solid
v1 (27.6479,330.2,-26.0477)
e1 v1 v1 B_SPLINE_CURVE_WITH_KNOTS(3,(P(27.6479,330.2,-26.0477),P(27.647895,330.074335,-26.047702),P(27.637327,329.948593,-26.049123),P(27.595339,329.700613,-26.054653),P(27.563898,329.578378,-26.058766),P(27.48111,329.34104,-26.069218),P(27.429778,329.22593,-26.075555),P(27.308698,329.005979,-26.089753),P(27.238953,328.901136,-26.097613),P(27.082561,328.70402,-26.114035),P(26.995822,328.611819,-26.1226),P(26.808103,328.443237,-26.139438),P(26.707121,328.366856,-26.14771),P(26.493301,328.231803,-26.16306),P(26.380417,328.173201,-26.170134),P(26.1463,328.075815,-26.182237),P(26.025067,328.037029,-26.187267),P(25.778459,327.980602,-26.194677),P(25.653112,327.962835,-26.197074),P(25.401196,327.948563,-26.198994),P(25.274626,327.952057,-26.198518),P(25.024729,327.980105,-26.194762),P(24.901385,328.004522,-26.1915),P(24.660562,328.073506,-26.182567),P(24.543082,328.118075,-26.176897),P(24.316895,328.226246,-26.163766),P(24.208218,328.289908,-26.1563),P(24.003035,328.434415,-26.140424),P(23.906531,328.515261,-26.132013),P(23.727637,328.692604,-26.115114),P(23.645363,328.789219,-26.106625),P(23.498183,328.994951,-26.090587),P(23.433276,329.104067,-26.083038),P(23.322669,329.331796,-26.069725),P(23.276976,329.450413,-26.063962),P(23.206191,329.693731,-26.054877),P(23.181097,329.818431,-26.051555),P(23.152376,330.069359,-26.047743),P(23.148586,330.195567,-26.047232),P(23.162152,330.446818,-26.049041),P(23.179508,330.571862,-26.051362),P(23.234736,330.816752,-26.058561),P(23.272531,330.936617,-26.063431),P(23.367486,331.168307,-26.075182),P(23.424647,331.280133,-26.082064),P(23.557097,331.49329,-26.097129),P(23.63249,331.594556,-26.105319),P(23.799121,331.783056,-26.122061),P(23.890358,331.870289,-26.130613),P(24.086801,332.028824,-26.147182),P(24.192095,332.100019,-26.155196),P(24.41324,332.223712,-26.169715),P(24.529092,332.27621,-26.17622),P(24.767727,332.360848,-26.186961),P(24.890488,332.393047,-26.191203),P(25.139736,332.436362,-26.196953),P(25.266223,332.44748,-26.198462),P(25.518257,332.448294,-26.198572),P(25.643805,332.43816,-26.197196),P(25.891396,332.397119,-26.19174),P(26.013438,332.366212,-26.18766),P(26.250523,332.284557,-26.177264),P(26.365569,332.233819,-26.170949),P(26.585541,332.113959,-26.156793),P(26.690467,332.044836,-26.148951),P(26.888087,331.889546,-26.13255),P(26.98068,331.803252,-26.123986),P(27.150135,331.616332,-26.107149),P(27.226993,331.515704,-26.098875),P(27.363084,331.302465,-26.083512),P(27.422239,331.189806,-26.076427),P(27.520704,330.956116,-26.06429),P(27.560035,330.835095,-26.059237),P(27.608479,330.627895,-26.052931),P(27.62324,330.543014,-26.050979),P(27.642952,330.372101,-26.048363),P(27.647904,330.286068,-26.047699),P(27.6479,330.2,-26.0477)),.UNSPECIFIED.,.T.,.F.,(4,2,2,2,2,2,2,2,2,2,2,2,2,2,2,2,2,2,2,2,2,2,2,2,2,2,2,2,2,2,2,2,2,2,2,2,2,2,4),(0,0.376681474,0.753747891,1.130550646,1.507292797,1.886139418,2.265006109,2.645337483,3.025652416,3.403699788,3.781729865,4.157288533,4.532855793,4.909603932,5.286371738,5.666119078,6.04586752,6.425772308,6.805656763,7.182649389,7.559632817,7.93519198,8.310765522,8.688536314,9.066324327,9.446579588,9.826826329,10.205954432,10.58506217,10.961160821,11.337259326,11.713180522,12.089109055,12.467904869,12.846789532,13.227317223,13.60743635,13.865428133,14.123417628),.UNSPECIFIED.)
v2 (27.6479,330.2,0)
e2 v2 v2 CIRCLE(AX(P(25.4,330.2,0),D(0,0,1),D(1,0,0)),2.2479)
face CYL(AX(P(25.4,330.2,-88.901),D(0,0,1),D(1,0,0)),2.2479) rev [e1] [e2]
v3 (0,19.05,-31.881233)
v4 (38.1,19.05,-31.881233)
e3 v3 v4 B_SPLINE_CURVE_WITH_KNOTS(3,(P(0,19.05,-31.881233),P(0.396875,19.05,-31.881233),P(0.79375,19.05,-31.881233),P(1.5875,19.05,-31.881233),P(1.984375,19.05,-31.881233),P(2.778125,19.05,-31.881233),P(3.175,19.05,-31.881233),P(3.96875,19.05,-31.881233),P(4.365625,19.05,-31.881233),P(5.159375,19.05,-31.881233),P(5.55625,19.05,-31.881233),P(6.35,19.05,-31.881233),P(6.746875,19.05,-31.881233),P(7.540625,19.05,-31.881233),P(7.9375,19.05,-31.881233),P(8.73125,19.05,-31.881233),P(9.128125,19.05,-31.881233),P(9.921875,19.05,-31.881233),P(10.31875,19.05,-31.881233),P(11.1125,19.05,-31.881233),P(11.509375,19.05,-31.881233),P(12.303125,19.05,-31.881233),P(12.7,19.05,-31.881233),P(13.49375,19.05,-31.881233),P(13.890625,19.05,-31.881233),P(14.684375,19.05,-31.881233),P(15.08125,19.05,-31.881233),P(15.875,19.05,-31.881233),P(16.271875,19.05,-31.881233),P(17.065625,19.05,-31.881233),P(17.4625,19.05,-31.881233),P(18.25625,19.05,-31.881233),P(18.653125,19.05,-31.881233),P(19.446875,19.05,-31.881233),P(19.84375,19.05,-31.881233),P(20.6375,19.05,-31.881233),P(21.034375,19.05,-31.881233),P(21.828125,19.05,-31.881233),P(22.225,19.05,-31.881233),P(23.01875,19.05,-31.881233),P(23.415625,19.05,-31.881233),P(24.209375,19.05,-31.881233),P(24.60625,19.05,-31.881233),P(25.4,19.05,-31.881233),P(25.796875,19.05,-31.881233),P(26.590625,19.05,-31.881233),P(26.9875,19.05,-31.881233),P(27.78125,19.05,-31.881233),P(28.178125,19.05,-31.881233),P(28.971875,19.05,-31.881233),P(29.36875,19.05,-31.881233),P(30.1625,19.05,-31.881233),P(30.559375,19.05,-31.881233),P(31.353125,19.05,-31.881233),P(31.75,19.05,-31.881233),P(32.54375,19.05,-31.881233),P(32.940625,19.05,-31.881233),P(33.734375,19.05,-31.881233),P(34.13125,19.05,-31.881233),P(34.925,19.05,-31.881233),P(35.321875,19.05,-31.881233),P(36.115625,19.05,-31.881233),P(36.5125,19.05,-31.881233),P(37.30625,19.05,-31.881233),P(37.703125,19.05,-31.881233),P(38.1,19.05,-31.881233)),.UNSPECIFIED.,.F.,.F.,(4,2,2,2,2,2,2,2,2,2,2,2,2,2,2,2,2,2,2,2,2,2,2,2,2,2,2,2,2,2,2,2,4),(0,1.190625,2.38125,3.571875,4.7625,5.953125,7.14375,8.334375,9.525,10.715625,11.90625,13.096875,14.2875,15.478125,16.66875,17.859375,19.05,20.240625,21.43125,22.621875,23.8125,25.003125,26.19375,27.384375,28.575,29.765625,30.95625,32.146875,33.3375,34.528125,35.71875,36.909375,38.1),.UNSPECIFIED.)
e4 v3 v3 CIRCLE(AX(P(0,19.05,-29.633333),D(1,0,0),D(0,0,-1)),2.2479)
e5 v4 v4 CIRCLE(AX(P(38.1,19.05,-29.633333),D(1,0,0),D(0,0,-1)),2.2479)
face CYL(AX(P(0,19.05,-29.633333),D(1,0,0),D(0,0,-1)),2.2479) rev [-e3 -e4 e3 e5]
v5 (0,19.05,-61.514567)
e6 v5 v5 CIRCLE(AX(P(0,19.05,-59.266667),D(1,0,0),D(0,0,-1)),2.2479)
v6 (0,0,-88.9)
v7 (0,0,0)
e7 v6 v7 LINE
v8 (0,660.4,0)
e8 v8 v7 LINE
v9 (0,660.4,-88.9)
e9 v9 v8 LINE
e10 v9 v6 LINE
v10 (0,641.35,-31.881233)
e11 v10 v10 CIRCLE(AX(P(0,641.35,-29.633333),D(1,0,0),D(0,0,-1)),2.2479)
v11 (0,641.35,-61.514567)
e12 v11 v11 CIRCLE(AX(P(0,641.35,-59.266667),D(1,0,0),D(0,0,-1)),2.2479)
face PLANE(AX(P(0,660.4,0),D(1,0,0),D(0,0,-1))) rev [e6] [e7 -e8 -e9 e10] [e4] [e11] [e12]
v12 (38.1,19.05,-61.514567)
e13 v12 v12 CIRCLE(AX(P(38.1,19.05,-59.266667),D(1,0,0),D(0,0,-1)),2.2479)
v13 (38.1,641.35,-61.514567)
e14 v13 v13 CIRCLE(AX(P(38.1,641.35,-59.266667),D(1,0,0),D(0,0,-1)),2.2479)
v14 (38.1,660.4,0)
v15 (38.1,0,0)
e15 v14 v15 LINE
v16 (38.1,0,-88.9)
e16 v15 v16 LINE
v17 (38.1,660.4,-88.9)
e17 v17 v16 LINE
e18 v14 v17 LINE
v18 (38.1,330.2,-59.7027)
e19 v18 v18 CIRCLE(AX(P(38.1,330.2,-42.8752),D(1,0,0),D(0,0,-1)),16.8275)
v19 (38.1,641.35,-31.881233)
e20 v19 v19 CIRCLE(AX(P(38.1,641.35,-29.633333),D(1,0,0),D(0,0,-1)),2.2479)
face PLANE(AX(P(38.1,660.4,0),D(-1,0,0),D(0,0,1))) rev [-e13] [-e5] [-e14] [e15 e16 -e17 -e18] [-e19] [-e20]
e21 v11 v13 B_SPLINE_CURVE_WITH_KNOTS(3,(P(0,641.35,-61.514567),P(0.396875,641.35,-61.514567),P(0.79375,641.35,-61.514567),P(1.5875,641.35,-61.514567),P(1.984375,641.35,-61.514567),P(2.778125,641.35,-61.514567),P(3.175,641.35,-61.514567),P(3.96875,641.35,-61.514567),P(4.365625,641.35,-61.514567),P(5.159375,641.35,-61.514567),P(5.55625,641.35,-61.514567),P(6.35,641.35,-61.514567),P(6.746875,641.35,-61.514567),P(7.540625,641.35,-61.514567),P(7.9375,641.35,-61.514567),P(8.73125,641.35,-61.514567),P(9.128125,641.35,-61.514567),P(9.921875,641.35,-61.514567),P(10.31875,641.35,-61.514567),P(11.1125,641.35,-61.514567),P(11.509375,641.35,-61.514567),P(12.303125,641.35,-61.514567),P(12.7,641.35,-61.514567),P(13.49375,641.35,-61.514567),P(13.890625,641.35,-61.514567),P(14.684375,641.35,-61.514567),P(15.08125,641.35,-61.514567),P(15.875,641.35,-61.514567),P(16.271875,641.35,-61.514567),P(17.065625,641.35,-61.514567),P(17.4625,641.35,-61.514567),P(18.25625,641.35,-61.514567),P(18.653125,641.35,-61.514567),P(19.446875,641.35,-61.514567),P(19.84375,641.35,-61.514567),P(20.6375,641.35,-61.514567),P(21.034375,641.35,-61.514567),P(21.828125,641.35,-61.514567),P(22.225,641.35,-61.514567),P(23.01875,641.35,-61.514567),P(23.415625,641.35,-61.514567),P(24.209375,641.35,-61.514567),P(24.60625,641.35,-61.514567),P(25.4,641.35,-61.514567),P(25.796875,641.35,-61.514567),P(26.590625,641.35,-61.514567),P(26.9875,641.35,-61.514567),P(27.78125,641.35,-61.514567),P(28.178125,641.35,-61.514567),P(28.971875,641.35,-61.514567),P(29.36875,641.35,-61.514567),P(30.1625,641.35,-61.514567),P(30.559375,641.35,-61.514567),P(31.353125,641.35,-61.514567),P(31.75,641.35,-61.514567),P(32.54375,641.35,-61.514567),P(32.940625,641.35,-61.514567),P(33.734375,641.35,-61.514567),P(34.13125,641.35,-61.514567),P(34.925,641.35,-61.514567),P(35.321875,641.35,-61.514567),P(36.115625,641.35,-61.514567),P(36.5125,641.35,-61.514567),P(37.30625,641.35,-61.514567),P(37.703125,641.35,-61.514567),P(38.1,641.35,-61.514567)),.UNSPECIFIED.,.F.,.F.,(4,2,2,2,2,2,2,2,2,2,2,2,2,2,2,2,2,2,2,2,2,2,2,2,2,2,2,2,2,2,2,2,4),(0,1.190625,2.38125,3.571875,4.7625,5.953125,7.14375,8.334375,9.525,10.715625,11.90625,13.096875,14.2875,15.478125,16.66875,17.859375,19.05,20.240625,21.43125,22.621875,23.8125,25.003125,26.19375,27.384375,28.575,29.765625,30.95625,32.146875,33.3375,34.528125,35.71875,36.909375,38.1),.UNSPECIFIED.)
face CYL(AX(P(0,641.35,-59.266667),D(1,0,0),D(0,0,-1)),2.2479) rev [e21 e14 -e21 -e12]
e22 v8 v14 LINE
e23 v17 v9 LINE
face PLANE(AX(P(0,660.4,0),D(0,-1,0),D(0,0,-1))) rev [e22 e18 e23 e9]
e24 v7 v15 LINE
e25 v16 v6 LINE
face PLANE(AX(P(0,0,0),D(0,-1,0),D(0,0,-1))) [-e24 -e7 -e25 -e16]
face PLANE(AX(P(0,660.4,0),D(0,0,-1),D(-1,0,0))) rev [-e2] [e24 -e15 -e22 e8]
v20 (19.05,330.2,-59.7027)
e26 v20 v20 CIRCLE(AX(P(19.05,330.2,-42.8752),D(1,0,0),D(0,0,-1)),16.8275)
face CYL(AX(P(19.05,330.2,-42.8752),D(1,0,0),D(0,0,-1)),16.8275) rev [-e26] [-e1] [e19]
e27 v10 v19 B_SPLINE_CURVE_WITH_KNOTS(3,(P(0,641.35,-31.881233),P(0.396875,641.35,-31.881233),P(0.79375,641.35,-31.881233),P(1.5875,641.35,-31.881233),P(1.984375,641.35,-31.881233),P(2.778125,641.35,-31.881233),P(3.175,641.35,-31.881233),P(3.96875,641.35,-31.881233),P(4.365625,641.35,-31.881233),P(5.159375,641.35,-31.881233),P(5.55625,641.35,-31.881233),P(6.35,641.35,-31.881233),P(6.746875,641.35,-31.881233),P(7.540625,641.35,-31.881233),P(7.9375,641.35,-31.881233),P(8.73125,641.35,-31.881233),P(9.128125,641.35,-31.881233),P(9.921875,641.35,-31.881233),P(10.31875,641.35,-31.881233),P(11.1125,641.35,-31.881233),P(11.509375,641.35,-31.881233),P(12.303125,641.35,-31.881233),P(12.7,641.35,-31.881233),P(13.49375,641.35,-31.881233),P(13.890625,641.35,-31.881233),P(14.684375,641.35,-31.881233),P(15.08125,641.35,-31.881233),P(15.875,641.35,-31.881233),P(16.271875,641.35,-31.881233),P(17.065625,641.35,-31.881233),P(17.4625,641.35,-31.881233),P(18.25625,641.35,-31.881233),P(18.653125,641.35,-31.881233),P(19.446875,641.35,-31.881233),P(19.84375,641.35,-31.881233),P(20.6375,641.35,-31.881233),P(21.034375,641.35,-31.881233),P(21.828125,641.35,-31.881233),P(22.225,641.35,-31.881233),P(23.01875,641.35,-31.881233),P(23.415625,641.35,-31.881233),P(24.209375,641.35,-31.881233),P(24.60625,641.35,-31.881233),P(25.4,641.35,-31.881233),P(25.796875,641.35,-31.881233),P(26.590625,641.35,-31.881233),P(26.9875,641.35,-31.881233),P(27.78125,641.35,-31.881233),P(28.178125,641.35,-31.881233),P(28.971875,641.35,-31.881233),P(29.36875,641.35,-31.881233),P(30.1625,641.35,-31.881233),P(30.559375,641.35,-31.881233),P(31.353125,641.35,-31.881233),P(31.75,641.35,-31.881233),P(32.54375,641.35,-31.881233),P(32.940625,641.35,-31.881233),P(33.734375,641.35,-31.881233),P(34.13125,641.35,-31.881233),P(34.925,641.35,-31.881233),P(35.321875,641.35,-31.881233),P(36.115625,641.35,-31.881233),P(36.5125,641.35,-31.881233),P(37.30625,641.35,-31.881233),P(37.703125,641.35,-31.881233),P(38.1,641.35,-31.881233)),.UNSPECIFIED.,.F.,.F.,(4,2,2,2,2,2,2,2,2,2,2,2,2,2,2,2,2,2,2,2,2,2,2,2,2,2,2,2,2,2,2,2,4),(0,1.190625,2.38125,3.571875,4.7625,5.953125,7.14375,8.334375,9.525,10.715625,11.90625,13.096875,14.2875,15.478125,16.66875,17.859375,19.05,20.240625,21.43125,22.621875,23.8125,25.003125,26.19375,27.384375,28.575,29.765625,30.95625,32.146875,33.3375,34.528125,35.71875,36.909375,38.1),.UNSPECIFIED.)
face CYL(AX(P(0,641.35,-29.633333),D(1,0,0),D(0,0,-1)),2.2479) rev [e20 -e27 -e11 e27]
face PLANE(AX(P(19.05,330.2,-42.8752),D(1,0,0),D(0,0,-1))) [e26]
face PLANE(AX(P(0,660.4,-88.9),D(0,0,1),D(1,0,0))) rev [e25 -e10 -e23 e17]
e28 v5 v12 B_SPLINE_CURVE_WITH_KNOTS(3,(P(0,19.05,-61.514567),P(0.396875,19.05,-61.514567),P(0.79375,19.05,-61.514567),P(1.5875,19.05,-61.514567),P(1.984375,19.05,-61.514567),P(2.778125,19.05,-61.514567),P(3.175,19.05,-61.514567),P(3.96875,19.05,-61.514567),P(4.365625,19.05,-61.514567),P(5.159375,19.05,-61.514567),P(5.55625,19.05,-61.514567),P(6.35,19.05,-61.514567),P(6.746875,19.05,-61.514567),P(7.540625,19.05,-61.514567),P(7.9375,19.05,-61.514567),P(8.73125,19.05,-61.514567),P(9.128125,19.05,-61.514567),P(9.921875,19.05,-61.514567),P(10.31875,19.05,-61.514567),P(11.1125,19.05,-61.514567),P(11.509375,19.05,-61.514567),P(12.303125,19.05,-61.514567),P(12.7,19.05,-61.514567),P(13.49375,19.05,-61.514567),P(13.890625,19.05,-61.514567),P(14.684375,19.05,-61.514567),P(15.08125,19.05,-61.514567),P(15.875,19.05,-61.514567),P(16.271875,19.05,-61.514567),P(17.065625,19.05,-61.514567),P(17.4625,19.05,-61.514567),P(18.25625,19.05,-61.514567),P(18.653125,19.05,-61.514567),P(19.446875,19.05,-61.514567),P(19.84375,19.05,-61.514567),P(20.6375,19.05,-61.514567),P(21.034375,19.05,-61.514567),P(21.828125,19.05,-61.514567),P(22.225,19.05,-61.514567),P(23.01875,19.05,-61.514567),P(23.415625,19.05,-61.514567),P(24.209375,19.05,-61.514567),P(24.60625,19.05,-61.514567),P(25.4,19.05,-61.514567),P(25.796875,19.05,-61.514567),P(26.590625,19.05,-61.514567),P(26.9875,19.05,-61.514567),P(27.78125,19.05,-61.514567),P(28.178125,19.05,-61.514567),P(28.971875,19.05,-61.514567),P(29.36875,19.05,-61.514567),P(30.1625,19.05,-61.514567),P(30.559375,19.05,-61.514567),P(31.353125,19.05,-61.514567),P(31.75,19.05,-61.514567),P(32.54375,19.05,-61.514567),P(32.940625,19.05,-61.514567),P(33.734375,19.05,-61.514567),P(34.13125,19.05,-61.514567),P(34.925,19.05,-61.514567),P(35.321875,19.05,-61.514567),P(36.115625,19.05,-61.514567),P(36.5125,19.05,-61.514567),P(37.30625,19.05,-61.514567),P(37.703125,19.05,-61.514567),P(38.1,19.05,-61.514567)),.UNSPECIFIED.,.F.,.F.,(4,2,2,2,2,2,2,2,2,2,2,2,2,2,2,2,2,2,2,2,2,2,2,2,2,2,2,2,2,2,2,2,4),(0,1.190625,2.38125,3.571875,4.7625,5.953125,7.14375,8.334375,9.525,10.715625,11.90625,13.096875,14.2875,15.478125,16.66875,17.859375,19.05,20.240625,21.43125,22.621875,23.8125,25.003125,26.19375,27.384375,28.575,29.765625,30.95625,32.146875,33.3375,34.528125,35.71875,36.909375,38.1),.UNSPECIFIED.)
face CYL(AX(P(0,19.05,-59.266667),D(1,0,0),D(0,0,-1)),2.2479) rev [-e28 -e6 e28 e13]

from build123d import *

# Parameters (mm, degrees)
SKETCH1_W               = 38.1
SKETCH1_H               = 88.9
BOSS_EXTRUDE1_DEPTH     = 660.4
SKETCH2_R               = 16.8275
CUT_EXTRUDE1_DEPTH      = 19.05
CUT_EXTRUDE2_REACH      = 669.445
CUT_EXTRUDE2_END_RADIUS = 16.8275
SKETCH3_R               = 2.2479
SKETCH4_R               = 2.2479
CUT_EXTRUDE3_DEPTH      = 668.445113848


with BuildPart() as part:
    # Sketch1 → Boss-Extrude1 (new body)
    with BuildSketch(Plane(origin=(0, 0, 0), x_dir=(1, 0, 0), z_dir=(0, 1, 0))):
        with Locations((19.05, 44.45)):
            Rectangle(SKETCH1_W, SKETCH1_H)
    extrude(amount=BOSS_EXTRUDE1_DEPTH)

    # Sketch2 → Cut-Extrude1 (cut)
    with BuildSketch(Plane(origin=(38.1, 0, 0), x_dir=(0, 0, -1), z_dir=(1, 0, 0))):
        with Locations((42.8752, 330.2)):
            Circle(SKETCH2_R)
    extrude(amount=-CUT_EXTRUDE1_DEPTH, mode=Mode.SUBTRACT)

    # Cut-Extrude2: up to this cylinder (the profile starts outside it)
    cut_extrude2_end = Plane(origin=(25.4, 330.2, -42.8752), z_dir=(1, 0, 0)) * Cylinder(CUT_EXTRUDE2_END_RADIUS, 1373.545, mode=Mode.PRIVATE)
    # Sketch3 → Cut-Extrude2 (cut, up to the surface)
    with BuildSketch(Plane.XY, mode=Mode.PRIVATE) as cut_extrude2_sk1:
        with Locations((25.4, 330.2)):
            Circle(SKETCH3_R)
    cut_extrude2_tool1 = extrude(cut_extrude2_sk1.sketch, amount=-CUT_EXTRUDE2_REACH, mode=Mode.PRIVATE) - cut_extrude2_end
    add(cut_extrude2_tool1.solids().sort_by_distance((25.4, 330.2, 0))[0], mode=Mode.SUBTRACT)

    # Sketch4 → Cut-Extrude3 (cut, through all)
    with BuildSketch(Plane(origin=(38.1, 0, 0), x_dir=(0, 0, -1), z_dir=(1, 0, 0))):
        with Locations((59.266666667, 19.05)):
            Circle(SKETCH4_R)
        with Locations((29.633333333, 19.05)):
            Circle(SKETCH4_R)
        with Locations((59.266666667, 641.35)):
            Circle(SKETCH4_R)
        with Locations((29.633333333, 641.35)):
            Circle(SKETCH4_R)
    extrude(amount=-CUT_EXTRUDE3_DEPTH, mode=Mode.SUBTRACT)


solid = part.part
